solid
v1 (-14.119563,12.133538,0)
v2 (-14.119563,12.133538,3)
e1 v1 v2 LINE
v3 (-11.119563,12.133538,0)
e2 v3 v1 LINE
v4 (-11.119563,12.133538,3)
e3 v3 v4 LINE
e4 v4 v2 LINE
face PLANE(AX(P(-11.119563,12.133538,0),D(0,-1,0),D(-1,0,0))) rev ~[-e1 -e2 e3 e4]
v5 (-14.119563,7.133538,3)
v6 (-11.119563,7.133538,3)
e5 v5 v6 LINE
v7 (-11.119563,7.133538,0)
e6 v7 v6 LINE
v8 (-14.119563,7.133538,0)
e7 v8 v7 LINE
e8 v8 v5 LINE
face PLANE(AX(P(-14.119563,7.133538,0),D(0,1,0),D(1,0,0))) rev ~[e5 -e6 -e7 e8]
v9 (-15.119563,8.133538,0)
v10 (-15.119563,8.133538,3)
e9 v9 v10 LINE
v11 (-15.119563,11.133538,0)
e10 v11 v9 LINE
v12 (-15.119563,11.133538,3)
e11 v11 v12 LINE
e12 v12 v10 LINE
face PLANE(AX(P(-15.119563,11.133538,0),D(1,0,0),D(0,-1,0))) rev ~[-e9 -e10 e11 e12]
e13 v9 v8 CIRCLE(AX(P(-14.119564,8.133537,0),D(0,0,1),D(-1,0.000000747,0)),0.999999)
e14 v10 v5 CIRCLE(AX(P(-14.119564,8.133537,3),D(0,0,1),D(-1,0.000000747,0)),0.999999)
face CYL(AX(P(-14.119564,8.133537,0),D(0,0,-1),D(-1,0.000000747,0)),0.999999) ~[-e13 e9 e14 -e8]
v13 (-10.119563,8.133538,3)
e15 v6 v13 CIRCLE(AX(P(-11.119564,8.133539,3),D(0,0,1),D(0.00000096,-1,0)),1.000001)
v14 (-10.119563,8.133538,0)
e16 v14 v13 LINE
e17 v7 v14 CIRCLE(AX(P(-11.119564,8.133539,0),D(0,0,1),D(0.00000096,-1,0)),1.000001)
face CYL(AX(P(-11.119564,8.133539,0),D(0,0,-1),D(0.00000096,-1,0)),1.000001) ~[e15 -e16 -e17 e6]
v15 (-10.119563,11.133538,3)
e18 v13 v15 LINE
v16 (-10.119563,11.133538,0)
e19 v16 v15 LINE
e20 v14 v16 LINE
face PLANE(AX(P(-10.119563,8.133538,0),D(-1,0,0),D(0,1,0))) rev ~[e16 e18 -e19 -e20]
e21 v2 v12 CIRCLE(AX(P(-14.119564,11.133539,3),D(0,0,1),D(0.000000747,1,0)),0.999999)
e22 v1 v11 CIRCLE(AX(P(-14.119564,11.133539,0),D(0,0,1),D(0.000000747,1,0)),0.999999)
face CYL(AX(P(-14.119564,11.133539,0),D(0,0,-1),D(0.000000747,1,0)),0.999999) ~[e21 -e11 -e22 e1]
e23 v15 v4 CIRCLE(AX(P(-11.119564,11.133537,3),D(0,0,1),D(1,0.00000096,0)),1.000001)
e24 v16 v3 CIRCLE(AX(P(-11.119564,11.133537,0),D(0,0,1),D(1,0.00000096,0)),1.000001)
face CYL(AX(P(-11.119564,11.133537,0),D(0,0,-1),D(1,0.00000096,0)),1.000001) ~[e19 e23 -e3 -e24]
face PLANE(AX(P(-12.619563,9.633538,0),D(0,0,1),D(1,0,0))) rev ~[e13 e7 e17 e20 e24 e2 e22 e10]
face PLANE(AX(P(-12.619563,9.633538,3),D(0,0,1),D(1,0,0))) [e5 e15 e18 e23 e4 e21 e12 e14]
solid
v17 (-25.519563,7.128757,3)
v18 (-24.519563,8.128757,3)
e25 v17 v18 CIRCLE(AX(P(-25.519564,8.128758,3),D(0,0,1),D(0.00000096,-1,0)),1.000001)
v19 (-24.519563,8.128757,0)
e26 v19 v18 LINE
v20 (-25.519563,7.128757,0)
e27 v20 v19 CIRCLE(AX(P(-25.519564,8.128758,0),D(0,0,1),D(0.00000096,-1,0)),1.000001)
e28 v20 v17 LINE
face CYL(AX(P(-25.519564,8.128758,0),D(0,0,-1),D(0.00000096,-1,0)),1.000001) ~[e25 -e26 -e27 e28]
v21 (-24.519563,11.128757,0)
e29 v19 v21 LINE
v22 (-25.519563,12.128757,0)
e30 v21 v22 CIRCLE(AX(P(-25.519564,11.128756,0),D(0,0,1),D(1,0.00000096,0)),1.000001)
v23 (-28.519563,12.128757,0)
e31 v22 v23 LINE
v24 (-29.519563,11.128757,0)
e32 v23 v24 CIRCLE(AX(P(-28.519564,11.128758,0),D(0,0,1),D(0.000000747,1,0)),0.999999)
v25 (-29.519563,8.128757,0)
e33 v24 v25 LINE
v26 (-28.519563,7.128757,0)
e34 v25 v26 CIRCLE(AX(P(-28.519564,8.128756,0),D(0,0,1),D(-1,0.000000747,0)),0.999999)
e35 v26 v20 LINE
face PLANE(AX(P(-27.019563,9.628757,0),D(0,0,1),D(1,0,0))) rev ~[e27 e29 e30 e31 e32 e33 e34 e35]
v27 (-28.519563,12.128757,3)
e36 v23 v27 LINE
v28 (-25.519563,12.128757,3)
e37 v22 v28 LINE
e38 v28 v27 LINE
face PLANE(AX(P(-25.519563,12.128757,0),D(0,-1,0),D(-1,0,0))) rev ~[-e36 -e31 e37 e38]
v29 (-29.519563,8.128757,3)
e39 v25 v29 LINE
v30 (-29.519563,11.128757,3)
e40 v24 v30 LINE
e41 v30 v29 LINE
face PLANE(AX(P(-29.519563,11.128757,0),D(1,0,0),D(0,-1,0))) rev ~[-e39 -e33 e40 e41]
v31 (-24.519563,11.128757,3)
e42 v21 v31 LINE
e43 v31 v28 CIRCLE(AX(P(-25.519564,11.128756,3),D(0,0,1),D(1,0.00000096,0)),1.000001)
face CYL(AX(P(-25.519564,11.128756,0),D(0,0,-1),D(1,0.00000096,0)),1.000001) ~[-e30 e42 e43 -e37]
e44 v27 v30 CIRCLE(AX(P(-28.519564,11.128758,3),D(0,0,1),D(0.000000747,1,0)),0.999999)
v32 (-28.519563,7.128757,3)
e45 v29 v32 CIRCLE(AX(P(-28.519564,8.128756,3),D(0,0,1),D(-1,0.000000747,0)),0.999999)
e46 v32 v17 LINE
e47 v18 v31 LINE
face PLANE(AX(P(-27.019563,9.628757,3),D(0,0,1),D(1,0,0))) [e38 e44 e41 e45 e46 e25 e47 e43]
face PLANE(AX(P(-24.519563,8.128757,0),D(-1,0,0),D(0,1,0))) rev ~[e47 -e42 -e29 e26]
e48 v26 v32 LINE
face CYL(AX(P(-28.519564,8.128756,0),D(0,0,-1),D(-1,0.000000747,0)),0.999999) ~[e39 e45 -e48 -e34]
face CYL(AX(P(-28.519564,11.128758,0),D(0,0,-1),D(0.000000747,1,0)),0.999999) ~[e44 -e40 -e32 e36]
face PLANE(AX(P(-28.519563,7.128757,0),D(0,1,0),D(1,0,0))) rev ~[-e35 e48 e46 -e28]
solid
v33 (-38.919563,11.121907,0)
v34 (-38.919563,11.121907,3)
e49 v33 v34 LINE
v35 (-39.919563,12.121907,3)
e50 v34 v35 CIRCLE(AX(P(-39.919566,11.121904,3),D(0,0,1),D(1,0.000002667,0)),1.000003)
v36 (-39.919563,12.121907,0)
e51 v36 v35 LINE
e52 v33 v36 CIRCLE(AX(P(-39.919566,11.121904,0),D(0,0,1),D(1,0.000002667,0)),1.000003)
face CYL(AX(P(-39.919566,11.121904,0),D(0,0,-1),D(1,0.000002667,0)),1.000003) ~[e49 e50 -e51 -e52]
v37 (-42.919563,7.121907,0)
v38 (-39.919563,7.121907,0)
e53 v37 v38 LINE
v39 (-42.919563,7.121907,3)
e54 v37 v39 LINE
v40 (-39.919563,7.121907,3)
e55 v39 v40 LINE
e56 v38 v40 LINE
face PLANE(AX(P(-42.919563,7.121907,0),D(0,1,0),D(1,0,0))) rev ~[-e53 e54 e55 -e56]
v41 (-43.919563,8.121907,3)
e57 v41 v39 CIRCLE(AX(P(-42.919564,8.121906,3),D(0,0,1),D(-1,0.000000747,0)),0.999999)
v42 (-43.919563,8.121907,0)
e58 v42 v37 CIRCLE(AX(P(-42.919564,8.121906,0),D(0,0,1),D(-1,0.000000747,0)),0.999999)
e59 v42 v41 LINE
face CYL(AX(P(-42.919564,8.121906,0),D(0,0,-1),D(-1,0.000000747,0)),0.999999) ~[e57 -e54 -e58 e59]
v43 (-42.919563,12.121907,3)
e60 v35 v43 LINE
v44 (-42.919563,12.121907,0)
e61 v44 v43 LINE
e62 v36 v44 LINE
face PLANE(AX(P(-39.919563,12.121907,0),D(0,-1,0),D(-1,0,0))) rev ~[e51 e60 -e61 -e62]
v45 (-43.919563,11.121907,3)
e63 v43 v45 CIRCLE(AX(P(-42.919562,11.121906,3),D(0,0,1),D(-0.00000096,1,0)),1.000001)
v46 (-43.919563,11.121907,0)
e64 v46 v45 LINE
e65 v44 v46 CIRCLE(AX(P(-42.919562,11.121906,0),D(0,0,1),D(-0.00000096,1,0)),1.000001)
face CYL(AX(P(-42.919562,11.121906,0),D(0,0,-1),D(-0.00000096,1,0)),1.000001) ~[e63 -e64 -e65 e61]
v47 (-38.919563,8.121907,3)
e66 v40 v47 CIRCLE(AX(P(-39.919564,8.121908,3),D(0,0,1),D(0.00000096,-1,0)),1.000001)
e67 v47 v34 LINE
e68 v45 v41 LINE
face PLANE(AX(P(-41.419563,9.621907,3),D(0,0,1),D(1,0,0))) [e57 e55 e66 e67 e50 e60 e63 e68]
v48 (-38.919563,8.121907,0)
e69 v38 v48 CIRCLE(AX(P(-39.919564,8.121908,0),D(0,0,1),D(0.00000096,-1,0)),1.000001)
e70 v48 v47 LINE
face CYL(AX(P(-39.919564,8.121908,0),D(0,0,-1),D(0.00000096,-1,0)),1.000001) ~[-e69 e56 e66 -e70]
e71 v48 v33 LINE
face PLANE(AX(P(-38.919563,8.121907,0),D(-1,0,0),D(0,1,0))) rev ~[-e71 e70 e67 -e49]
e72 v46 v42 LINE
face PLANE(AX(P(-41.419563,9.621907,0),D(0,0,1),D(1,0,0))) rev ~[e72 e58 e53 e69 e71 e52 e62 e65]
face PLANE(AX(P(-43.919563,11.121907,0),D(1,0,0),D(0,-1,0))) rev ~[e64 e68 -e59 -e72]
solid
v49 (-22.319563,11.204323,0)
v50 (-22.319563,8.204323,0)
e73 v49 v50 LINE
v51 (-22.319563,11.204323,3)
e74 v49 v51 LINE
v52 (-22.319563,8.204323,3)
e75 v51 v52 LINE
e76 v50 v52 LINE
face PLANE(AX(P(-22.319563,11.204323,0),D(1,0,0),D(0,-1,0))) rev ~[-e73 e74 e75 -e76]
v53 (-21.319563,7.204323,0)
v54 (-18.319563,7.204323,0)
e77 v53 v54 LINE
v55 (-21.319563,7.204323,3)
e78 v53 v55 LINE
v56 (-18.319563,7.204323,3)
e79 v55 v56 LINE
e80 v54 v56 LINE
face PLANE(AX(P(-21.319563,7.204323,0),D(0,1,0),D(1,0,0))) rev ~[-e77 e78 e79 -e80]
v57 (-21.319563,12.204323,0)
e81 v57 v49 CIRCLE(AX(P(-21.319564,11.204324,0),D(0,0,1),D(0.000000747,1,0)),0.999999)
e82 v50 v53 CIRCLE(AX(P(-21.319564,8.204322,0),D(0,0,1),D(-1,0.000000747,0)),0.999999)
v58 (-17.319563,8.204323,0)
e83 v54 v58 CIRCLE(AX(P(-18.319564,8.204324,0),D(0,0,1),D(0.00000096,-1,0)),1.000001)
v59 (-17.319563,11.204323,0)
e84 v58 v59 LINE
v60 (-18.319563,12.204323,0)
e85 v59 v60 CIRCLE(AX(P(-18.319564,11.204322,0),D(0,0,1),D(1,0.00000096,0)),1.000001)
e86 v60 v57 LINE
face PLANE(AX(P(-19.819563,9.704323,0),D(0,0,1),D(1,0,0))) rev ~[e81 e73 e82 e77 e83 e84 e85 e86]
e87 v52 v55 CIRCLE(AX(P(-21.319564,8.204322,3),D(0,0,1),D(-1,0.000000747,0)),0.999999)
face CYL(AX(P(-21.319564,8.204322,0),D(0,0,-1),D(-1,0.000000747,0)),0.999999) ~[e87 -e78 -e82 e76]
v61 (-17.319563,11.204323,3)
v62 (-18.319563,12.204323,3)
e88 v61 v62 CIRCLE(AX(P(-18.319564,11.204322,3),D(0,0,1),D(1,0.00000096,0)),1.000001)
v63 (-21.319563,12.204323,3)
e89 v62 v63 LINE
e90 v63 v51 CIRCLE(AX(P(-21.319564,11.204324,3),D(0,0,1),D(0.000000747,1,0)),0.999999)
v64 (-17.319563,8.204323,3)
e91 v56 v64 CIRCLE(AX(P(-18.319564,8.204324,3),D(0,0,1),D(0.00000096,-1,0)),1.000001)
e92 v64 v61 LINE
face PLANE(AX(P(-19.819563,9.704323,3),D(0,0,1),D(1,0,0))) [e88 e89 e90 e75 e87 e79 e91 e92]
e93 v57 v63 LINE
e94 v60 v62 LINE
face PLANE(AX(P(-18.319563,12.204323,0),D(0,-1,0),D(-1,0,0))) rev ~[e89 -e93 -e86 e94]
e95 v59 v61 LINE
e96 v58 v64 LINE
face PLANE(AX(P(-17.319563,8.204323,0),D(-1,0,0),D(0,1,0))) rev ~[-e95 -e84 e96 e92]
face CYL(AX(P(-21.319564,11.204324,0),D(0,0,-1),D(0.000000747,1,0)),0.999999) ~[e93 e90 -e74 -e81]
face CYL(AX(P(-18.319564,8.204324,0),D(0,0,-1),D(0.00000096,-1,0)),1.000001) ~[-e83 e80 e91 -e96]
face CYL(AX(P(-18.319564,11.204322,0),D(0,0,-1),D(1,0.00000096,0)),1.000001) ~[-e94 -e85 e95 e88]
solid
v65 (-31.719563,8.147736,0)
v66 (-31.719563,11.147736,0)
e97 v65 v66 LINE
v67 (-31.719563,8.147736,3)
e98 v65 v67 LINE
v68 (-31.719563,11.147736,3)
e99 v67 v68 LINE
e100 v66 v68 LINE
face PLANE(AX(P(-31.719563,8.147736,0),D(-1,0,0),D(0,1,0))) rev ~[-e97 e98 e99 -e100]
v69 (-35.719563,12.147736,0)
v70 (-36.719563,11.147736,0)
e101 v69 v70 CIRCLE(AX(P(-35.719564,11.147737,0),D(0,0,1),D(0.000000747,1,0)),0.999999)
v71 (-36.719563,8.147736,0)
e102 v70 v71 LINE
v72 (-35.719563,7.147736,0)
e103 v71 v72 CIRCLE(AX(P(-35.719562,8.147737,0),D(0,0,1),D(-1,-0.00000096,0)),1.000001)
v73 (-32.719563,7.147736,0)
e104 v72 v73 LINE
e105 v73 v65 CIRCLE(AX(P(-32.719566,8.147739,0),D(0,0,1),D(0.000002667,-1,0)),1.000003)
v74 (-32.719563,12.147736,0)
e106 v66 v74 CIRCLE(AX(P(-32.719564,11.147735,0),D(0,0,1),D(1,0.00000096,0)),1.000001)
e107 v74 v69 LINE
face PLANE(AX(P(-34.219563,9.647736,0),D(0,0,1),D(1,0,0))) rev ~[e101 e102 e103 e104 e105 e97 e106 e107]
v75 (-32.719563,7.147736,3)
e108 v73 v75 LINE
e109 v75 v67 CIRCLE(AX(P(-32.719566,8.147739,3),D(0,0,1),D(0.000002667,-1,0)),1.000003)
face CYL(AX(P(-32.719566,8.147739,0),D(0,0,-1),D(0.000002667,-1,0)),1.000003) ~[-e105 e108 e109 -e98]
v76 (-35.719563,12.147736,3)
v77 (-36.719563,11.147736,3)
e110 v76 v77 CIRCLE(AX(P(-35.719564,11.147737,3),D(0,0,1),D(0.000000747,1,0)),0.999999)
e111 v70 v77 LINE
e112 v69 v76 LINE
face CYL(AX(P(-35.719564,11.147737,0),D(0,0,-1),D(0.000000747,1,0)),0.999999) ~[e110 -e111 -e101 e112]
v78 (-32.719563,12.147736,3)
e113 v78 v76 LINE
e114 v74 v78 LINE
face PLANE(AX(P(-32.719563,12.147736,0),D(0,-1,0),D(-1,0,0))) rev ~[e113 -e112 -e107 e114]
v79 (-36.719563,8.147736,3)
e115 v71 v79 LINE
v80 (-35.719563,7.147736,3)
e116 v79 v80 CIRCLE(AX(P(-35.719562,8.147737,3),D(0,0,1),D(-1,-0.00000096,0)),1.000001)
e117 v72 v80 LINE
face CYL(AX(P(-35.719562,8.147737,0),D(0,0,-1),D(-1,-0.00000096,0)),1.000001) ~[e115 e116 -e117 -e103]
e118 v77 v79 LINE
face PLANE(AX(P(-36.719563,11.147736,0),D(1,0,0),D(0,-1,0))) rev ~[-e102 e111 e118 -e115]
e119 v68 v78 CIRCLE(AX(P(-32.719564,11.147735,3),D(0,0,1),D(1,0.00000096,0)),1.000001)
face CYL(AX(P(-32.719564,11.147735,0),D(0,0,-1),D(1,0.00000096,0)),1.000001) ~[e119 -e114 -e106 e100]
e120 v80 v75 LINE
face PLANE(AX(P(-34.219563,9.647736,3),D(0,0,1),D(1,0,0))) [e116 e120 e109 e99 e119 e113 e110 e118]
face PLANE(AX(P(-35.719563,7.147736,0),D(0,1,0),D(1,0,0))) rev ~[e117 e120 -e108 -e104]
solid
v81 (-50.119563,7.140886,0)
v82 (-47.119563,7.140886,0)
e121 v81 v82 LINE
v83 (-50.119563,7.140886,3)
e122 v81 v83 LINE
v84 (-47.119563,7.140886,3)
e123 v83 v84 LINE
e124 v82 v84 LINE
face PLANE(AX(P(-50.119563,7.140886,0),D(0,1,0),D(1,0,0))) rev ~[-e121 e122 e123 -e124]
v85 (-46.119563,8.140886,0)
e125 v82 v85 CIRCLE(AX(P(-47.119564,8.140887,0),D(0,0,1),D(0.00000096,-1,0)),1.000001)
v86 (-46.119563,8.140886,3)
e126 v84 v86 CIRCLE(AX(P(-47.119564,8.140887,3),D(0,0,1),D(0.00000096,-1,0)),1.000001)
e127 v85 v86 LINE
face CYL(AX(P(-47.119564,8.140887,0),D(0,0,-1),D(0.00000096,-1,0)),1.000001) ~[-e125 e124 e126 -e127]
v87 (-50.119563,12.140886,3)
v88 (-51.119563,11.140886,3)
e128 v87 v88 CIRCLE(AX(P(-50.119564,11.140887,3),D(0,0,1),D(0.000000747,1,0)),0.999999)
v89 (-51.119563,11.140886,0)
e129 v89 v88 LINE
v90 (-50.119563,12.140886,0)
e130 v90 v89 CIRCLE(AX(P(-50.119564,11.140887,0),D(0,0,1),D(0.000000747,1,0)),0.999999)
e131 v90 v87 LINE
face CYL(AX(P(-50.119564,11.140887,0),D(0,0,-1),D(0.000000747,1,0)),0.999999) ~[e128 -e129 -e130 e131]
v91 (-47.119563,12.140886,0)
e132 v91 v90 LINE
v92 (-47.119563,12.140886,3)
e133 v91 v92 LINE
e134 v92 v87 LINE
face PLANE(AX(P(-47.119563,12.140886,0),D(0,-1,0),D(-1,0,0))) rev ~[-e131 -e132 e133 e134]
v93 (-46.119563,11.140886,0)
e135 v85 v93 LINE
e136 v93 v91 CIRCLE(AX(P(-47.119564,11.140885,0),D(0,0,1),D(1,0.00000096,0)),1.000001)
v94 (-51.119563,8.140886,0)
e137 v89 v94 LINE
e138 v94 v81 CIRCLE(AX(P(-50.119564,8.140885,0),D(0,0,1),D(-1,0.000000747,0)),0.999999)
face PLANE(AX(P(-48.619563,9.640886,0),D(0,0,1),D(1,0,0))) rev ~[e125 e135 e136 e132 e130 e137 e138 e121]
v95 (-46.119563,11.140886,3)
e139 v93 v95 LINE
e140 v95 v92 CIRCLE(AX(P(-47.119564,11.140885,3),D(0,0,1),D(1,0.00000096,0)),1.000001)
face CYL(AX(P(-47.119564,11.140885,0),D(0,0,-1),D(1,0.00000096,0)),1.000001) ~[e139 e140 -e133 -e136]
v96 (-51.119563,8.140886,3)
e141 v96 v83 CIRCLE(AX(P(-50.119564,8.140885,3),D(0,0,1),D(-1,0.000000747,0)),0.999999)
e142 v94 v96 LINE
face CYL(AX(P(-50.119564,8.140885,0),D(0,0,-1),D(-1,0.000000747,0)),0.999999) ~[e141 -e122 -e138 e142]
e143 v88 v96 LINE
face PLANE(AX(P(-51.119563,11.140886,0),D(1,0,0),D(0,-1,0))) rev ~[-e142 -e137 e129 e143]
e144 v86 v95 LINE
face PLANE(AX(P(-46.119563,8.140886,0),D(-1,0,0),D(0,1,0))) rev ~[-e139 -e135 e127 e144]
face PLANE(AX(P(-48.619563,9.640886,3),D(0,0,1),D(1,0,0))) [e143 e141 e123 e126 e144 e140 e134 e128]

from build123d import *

# Parameters (mm, degrees)
F1_DEPTH = 3


with BuildPart() as f1:
    # F0 (on Top) → F1 (new body)
    with BuildSketch(Plane.XY):
        with BuildLine():
            Line((-32.719563, 12.147736), (-35.719563, 12.147736))
            ThreePointArc((-35.719563, 12.147736), (-36.42667, 11.854843), (-36.719563, 11.147736))
            Line((-36.719563, 11.147736), (-36.719563, 8.147736))
            ThreePointArc((-36.719563, 8.147736), (-36.42667, 7.44063), (-35.719563, 7.147736))
            Line((-35.719563, 7.147736), (-32.719563, 7.147736))
            ThreePointArc((-32.719563, 7.147736), (-32.012457, 7.44063), (-31.719563, 8.147736))
            Line((-31.719563, 8.147736), (-31.719563, 11.147736))
            ThreePointArc((-31.719563, 11.147736), (-32.012457, 11.854843), (-32.719563, 12.147736))
        make_face()
        with BuildLine():
            Line((-11.119563, 12.133538), (-14.119563, 12.133538))
            ThreePointArc((-14.119563, 12.133538), (-14.82667, 11.840645), (-15.119563, 11.133538))
            Line((-15.119563, 11.133538), (-15.119563, 8.133538))
            ThreePointArc((-15.119563, 8.133538), (-14.82667, 7.426431), (-14.119563, 7.133538))
            Line((-14.119563, 7.133538), (-11.119563, 7.133538))
            ThreePointArc((-11.119563, 7.133538), (-10.412457, 7.426431), (-10.119563, 8.133538))
            Line((-10.119563, 8.133538), (-10.119563, 11.133538))
            ThreePointArc((-10.119563, 11.133538), (-10.412457, 11.840645), (-11.119563, 12.133538))
        make_face()
        with BuildLine():
            Line((-18.319563, 12.204323), (-21.319563, 12.204323))
            ThreePointArc((-21.319563, 12.204323), (-22.02667, 11.91143), (-22.319563, 11.204323))
            Line((-22.319563, 11.204323), (-22.319563, 8.204323))
            ThreePointArc((-22.319563, 8.204323), (-22.02667, 7.497216), (-21.319563, 7.204323))
            Line((-21.319563, 7.204323), (-18.319563, 7.204323))
            ThreePointArc((-18.319563, 7.204323), (-17.612457, 7.497216), (-17.319563, 8.204323))
            Line((-17.319563, 8.204323), (-17.319563, 11.204323))
            ThreePointArc((-17.319563, 11.204323), (-17.612457, 11.91143), (-18.319563, 12.204323))
        make_face()
        with BuildLine():
            Line((-25.519563, 12.128757), (-28.519563, 12.128757))
            ThreePointArc((-28.519563, 12.128757), (-29.22667, 11.835864), (-29.519563, 11.128757))
            Line((-29.519563, 11.128757), (-29.519563, 8.128757))
            ThreePointArc((-29.519563, 8.128757), (-29.22667, 7.42165), (-28.519563, 7.128757))
            Line((-28.519563, 7.128757), (-25.519563, 7.128757))
            ThreePointArc((-25.519563, 7.128757), (-24.812457, 7.42165), (-24.519563, 8.128757))
            Line((-24.519563, 8.128757), (-24.519563, 11.128757))
            ThreePointArc((-24.519563, 11.128757), (-24.812457, 11.835864), (-25.519563, 12.128757))
        make_face()
        with BuildLine():
            ThreePointArc((-50.119563, 12.140886), (-50.82667, 11.847993), (-51.119563, 11.140886))
            Line((-51.119563, 11.140886), (-51.119563, 8.140886))
            ThreePointArc((-51.119563, 8.140886), (-50.82667, 7.433779), (-50.119563, 7.140886))
            Line((-50.119563, 7.140886), (-47.119563, 7.140886))
            ThreePointArc((-47.119563, 7.140886), (-46.412457, 7.433779), (-46.119563, 8.140886))
            Line((-46.119563, 8.140886), (-46.119563, 11.140886))
            ThreePointArc((-46.119563, 11.140886), (-46.412457, 11.847993), (-47.119563, 12.140886))
            Line((-47.119563, 12.140886), (-50.119563, 12.140886))
        make_face()
        with BuildLine():
            ThreePointArc((-43.919563, 8.121907), (-43.62667, 7.4148), (-42.919563, 7.121907))
            Line((-42.919563, 7.121907), (-39.919563, 7.121907))
            ThreePointArc((-39.919563, 7.121907), (-39.212457, 7.4148), (-38.919563, 8.121907))
            Line((-38.919563, 8.121907), (-38.919563, 11.121907))
            ThreePointArc((-38.919563, 11.121907), (-39.212457, 11.829013), (-39.919563, 12.121907))
            Line((-39.919563, 12.121907), (-42.919563, 12.121907))
            ThreePointArc((-42.919563, 12.121907), (-43.62667, 11.829013), (-43.919563, 11.121907))
            Line((-43.919563, 11.121907), (-43.919563, 8.121907))
        make_face()
    extrude(amount=F1_DEPTH)


solid = f1.part
